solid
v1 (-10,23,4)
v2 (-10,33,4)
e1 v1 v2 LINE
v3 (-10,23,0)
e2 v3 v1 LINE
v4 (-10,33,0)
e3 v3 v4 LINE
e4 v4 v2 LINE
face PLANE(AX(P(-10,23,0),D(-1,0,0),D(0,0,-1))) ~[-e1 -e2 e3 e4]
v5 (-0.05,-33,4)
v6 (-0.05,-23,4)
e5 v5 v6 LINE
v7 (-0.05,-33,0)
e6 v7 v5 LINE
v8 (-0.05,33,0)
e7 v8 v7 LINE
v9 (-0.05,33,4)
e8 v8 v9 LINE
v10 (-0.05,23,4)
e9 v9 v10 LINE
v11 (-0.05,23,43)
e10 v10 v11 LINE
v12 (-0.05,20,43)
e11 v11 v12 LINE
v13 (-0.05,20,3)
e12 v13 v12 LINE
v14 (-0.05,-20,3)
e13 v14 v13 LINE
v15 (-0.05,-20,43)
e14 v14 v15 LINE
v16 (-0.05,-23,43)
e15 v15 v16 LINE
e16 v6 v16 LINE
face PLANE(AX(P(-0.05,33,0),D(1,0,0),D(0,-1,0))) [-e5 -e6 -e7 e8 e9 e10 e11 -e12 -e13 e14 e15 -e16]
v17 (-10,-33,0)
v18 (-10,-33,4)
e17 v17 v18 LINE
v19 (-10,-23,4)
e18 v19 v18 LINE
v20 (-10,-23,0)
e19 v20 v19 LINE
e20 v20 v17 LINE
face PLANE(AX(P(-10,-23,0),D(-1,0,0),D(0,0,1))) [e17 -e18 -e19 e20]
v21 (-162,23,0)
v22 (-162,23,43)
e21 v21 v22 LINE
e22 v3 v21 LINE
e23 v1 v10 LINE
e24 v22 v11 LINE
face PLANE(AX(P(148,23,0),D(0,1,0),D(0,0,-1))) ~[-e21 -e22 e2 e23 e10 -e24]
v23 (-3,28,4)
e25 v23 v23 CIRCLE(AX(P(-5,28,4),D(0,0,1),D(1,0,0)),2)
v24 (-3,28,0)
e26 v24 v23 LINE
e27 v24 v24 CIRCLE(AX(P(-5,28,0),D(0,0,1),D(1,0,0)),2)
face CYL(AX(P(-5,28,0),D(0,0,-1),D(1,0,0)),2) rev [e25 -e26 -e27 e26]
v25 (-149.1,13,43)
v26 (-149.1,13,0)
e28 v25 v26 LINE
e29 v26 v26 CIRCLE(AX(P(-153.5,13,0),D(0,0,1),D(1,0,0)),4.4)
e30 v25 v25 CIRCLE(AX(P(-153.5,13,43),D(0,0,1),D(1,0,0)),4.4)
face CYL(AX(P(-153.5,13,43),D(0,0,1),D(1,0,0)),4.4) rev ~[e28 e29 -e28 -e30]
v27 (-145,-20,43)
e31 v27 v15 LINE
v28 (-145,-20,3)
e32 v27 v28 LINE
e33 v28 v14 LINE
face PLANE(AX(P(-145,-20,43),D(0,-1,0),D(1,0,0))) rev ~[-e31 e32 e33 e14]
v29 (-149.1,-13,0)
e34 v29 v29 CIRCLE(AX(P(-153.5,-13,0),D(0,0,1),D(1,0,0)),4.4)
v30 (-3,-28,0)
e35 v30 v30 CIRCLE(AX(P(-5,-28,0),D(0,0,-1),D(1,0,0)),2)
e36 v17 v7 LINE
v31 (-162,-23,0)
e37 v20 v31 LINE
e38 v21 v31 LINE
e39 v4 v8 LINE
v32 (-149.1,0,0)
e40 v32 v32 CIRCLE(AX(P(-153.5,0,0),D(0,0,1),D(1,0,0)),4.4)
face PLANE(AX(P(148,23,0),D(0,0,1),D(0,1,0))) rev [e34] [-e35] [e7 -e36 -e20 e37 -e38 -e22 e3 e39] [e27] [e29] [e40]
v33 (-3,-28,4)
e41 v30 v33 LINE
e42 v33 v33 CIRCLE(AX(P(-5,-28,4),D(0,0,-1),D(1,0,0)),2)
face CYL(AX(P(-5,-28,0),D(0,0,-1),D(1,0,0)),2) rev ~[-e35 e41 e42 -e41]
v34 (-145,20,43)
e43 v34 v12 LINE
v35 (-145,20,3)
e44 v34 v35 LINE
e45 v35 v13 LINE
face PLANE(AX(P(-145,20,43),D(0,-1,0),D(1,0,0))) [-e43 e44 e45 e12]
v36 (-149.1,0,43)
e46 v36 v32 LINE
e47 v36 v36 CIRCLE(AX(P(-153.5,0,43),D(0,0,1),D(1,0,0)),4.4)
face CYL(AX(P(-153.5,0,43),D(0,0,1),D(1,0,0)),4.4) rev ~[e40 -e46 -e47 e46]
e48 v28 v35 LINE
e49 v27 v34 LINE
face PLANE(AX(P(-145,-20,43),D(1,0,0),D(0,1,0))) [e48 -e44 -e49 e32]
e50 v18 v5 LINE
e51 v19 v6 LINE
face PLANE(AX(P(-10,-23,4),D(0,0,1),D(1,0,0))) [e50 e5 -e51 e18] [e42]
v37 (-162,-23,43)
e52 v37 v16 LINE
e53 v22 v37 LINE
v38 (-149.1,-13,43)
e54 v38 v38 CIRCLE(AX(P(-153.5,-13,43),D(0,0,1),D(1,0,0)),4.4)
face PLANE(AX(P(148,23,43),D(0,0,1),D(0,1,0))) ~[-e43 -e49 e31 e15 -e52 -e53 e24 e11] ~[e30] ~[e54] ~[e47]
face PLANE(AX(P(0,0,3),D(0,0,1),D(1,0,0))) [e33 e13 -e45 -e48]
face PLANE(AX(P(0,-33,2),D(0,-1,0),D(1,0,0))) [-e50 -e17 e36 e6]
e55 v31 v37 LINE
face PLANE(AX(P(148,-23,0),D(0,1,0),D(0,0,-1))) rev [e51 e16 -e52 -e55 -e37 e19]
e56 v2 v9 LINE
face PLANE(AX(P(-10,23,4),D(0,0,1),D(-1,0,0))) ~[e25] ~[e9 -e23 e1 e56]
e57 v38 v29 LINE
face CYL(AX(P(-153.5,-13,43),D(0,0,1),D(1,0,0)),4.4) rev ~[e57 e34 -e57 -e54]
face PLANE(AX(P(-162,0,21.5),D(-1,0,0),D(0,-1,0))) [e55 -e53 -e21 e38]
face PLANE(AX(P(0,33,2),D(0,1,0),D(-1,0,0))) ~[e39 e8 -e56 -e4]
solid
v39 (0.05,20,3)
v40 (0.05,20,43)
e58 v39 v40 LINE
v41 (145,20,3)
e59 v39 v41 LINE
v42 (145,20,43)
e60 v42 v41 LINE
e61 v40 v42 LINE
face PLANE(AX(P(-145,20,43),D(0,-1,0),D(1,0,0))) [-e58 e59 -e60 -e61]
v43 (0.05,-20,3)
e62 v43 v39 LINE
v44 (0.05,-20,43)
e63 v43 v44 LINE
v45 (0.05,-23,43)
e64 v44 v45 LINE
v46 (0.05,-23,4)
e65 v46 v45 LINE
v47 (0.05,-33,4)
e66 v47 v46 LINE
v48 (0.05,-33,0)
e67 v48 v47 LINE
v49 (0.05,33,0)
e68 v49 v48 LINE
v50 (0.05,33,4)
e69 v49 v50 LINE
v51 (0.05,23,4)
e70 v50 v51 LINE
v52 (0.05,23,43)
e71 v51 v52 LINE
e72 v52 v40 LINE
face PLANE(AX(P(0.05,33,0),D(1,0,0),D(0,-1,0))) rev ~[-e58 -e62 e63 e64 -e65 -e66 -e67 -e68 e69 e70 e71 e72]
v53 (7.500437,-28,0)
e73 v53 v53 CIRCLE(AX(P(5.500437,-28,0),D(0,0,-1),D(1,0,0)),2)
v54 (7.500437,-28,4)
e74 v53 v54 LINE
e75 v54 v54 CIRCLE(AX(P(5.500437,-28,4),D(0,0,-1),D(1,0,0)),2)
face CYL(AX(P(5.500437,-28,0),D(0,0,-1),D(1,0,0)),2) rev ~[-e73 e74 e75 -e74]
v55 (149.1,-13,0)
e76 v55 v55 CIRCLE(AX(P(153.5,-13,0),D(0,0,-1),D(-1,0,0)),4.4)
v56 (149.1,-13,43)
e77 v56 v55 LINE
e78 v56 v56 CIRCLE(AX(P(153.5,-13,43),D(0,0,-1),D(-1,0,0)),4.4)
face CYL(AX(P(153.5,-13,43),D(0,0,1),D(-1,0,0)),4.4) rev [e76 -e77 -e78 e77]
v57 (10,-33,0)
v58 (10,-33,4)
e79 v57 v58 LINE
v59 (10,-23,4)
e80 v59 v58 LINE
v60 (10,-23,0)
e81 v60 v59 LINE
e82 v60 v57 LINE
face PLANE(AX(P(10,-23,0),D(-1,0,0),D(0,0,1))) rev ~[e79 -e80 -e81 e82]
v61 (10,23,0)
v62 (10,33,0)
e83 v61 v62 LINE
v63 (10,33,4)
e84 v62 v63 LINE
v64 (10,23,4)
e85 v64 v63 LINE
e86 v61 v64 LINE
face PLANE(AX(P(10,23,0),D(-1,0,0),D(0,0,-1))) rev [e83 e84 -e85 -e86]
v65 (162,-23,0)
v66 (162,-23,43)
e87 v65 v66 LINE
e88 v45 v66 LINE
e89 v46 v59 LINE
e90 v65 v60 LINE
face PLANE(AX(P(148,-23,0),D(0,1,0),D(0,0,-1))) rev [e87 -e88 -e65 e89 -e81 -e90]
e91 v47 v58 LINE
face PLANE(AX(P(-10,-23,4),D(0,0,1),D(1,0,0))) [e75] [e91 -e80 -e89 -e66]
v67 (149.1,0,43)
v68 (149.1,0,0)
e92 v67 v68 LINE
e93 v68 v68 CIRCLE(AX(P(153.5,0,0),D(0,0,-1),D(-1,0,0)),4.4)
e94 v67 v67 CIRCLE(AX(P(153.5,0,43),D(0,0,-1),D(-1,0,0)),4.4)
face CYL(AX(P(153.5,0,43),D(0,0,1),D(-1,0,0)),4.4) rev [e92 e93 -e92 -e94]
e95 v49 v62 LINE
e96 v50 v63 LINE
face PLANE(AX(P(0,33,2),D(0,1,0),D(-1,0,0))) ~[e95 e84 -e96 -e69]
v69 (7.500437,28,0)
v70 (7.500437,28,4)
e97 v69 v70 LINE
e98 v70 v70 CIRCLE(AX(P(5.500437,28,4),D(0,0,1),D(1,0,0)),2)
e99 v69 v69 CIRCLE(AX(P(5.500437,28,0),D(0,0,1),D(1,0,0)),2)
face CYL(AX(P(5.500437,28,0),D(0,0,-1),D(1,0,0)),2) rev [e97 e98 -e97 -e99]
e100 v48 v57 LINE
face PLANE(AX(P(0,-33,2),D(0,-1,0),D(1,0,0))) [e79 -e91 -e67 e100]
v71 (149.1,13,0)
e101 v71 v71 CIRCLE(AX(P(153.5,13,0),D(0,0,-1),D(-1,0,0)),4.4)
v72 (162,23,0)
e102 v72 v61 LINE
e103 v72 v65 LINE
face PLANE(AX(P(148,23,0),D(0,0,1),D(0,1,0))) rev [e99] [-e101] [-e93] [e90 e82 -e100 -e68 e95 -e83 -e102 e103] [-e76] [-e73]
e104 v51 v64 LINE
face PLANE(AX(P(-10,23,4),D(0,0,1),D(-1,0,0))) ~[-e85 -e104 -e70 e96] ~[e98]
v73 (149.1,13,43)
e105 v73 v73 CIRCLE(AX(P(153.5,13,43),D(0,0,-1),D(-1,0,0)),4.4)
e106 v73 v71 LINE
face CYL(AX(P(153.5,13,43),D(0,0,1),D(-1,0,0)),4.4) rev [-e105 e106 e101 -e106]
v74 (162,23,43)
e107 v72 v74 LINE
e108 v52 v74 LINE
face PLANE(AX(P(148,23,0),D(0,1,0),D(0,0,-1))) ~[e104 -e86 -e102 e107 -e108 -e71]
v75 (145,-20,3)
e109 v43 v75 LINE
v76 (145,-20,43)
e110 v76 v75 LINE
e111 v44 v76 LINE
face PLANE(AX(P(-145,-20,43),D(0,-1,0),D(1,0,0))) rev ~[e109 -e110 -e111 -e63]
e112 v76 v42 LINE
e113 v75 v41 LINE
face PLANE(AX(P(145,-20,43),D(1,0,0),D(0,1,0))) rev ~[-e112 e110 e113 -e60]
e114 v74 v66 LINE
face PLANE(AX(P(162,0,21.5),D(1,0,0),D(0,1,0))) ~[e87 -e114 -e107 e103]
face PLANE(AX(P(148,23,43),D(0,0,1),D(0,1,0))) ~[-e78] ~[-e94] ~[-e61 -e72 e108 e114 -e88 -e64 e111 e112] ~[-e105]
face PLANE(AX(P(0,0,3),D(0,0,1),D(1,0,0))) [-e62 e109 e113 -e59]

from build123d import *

# Parameters (mm, degrees)
F0_W      = 296
F0_H      = 46
F1_DEPTH  = 43
F2_W      = 290
F2_H      = 40
F3_DEPTH  = 40
F4_W      = 46
F4_H      = 43
F5_DEPTH  = 14
F6_R      = 4.4
F7_DEPTH  = 43
F9_W      = 20
F9_H      = 4
F10_DEPTH = 10
F11_R     = 2
F12_DEPTH = 4
F14_W     = 0.1
F14_H     = 66
F15_DEPTH = 43


with BuildPart() as f1:
    # F0 (on Top) → F1 (new body)
    with BuildSketch(Plane.XY):
        Rectangle(F0_W, F0_H)
    extrude(amount=F1_DEPTH)

    # F2 (on face) → F3 (cut)
    with BuildSketch(Plane.XY.offset(43)):
        Rectangle(F2_W, F2_H)
    extrude(amount=-F3_DEPTH, mode=Mode.SUBTRACT)

    # F4 (on face) → F5 (join)
    with BuildSketch(Plane(origin=(-148, 0, 0), x_dir=(0, -1, 0), z_dir=(-1, 0, 0))):
        with Locations((0, 21.5)):
            Rectangle(F4_W, F4_H)
    extrude(amount=F5_DEPTH)

    # F6 (on face) → F7 (cut)
    with BuildSketch(Plane.XY.offset(43)):
        with Locations((-153.5, 0)):
            Circle(F6_R)
        with Locations((-153.5, 13)):
            Circle(F6_R)
        with Locations((-153.5, -13)):
            Circle(F6_R)
    extrude(amount=-F7_DEPTH, mode=Mode.SUBTRACT)

    # F8: F1 across plane


with BuildPart() as f1_1:
    add(f1.part)
    add(f1.part.mirror(Plane.YZ))

    # F9 (on face) → F10 (join)
    with BuildSketch(Plane.XZ.offset(23)):
        with Locations((0, 2)):
            Rectangle(F9_W, F9_H)
    extrude(amount=F10_DEPTH)

    # F11 (on face) → F12 (cut)
    with BuildSketch(Plane(origin=(0, 0, 0), x_dir=(1, 0, 0), z_dir=(0, 0, -1))):
        with Locations((-5, 28)):
            Circle(F11_R)
        with Locations((5.500437, 28)):
            Circle(F11_R)
    extrude(amount=-F12_DEPTH, mode=Mode.SUBTRACT)

    # F13: F1 across plane


with BuildPart() as f1_2:
    add(f1_1.part)
    add(f1_1.part.mirror(Plane.XZ))

    # F14 (on face) → F15 (cut)
    with BuildSketch(Plane(origin=(0, 0, 0), x_dir=(1, 0, 0), z_dir=(0, 0, -1))):
        Rectangle(F14_W, F14_H)
    extrude(amount=-F15_DEPTH, mode=Mode.SUBTRACT)


solid = f1_2.part
